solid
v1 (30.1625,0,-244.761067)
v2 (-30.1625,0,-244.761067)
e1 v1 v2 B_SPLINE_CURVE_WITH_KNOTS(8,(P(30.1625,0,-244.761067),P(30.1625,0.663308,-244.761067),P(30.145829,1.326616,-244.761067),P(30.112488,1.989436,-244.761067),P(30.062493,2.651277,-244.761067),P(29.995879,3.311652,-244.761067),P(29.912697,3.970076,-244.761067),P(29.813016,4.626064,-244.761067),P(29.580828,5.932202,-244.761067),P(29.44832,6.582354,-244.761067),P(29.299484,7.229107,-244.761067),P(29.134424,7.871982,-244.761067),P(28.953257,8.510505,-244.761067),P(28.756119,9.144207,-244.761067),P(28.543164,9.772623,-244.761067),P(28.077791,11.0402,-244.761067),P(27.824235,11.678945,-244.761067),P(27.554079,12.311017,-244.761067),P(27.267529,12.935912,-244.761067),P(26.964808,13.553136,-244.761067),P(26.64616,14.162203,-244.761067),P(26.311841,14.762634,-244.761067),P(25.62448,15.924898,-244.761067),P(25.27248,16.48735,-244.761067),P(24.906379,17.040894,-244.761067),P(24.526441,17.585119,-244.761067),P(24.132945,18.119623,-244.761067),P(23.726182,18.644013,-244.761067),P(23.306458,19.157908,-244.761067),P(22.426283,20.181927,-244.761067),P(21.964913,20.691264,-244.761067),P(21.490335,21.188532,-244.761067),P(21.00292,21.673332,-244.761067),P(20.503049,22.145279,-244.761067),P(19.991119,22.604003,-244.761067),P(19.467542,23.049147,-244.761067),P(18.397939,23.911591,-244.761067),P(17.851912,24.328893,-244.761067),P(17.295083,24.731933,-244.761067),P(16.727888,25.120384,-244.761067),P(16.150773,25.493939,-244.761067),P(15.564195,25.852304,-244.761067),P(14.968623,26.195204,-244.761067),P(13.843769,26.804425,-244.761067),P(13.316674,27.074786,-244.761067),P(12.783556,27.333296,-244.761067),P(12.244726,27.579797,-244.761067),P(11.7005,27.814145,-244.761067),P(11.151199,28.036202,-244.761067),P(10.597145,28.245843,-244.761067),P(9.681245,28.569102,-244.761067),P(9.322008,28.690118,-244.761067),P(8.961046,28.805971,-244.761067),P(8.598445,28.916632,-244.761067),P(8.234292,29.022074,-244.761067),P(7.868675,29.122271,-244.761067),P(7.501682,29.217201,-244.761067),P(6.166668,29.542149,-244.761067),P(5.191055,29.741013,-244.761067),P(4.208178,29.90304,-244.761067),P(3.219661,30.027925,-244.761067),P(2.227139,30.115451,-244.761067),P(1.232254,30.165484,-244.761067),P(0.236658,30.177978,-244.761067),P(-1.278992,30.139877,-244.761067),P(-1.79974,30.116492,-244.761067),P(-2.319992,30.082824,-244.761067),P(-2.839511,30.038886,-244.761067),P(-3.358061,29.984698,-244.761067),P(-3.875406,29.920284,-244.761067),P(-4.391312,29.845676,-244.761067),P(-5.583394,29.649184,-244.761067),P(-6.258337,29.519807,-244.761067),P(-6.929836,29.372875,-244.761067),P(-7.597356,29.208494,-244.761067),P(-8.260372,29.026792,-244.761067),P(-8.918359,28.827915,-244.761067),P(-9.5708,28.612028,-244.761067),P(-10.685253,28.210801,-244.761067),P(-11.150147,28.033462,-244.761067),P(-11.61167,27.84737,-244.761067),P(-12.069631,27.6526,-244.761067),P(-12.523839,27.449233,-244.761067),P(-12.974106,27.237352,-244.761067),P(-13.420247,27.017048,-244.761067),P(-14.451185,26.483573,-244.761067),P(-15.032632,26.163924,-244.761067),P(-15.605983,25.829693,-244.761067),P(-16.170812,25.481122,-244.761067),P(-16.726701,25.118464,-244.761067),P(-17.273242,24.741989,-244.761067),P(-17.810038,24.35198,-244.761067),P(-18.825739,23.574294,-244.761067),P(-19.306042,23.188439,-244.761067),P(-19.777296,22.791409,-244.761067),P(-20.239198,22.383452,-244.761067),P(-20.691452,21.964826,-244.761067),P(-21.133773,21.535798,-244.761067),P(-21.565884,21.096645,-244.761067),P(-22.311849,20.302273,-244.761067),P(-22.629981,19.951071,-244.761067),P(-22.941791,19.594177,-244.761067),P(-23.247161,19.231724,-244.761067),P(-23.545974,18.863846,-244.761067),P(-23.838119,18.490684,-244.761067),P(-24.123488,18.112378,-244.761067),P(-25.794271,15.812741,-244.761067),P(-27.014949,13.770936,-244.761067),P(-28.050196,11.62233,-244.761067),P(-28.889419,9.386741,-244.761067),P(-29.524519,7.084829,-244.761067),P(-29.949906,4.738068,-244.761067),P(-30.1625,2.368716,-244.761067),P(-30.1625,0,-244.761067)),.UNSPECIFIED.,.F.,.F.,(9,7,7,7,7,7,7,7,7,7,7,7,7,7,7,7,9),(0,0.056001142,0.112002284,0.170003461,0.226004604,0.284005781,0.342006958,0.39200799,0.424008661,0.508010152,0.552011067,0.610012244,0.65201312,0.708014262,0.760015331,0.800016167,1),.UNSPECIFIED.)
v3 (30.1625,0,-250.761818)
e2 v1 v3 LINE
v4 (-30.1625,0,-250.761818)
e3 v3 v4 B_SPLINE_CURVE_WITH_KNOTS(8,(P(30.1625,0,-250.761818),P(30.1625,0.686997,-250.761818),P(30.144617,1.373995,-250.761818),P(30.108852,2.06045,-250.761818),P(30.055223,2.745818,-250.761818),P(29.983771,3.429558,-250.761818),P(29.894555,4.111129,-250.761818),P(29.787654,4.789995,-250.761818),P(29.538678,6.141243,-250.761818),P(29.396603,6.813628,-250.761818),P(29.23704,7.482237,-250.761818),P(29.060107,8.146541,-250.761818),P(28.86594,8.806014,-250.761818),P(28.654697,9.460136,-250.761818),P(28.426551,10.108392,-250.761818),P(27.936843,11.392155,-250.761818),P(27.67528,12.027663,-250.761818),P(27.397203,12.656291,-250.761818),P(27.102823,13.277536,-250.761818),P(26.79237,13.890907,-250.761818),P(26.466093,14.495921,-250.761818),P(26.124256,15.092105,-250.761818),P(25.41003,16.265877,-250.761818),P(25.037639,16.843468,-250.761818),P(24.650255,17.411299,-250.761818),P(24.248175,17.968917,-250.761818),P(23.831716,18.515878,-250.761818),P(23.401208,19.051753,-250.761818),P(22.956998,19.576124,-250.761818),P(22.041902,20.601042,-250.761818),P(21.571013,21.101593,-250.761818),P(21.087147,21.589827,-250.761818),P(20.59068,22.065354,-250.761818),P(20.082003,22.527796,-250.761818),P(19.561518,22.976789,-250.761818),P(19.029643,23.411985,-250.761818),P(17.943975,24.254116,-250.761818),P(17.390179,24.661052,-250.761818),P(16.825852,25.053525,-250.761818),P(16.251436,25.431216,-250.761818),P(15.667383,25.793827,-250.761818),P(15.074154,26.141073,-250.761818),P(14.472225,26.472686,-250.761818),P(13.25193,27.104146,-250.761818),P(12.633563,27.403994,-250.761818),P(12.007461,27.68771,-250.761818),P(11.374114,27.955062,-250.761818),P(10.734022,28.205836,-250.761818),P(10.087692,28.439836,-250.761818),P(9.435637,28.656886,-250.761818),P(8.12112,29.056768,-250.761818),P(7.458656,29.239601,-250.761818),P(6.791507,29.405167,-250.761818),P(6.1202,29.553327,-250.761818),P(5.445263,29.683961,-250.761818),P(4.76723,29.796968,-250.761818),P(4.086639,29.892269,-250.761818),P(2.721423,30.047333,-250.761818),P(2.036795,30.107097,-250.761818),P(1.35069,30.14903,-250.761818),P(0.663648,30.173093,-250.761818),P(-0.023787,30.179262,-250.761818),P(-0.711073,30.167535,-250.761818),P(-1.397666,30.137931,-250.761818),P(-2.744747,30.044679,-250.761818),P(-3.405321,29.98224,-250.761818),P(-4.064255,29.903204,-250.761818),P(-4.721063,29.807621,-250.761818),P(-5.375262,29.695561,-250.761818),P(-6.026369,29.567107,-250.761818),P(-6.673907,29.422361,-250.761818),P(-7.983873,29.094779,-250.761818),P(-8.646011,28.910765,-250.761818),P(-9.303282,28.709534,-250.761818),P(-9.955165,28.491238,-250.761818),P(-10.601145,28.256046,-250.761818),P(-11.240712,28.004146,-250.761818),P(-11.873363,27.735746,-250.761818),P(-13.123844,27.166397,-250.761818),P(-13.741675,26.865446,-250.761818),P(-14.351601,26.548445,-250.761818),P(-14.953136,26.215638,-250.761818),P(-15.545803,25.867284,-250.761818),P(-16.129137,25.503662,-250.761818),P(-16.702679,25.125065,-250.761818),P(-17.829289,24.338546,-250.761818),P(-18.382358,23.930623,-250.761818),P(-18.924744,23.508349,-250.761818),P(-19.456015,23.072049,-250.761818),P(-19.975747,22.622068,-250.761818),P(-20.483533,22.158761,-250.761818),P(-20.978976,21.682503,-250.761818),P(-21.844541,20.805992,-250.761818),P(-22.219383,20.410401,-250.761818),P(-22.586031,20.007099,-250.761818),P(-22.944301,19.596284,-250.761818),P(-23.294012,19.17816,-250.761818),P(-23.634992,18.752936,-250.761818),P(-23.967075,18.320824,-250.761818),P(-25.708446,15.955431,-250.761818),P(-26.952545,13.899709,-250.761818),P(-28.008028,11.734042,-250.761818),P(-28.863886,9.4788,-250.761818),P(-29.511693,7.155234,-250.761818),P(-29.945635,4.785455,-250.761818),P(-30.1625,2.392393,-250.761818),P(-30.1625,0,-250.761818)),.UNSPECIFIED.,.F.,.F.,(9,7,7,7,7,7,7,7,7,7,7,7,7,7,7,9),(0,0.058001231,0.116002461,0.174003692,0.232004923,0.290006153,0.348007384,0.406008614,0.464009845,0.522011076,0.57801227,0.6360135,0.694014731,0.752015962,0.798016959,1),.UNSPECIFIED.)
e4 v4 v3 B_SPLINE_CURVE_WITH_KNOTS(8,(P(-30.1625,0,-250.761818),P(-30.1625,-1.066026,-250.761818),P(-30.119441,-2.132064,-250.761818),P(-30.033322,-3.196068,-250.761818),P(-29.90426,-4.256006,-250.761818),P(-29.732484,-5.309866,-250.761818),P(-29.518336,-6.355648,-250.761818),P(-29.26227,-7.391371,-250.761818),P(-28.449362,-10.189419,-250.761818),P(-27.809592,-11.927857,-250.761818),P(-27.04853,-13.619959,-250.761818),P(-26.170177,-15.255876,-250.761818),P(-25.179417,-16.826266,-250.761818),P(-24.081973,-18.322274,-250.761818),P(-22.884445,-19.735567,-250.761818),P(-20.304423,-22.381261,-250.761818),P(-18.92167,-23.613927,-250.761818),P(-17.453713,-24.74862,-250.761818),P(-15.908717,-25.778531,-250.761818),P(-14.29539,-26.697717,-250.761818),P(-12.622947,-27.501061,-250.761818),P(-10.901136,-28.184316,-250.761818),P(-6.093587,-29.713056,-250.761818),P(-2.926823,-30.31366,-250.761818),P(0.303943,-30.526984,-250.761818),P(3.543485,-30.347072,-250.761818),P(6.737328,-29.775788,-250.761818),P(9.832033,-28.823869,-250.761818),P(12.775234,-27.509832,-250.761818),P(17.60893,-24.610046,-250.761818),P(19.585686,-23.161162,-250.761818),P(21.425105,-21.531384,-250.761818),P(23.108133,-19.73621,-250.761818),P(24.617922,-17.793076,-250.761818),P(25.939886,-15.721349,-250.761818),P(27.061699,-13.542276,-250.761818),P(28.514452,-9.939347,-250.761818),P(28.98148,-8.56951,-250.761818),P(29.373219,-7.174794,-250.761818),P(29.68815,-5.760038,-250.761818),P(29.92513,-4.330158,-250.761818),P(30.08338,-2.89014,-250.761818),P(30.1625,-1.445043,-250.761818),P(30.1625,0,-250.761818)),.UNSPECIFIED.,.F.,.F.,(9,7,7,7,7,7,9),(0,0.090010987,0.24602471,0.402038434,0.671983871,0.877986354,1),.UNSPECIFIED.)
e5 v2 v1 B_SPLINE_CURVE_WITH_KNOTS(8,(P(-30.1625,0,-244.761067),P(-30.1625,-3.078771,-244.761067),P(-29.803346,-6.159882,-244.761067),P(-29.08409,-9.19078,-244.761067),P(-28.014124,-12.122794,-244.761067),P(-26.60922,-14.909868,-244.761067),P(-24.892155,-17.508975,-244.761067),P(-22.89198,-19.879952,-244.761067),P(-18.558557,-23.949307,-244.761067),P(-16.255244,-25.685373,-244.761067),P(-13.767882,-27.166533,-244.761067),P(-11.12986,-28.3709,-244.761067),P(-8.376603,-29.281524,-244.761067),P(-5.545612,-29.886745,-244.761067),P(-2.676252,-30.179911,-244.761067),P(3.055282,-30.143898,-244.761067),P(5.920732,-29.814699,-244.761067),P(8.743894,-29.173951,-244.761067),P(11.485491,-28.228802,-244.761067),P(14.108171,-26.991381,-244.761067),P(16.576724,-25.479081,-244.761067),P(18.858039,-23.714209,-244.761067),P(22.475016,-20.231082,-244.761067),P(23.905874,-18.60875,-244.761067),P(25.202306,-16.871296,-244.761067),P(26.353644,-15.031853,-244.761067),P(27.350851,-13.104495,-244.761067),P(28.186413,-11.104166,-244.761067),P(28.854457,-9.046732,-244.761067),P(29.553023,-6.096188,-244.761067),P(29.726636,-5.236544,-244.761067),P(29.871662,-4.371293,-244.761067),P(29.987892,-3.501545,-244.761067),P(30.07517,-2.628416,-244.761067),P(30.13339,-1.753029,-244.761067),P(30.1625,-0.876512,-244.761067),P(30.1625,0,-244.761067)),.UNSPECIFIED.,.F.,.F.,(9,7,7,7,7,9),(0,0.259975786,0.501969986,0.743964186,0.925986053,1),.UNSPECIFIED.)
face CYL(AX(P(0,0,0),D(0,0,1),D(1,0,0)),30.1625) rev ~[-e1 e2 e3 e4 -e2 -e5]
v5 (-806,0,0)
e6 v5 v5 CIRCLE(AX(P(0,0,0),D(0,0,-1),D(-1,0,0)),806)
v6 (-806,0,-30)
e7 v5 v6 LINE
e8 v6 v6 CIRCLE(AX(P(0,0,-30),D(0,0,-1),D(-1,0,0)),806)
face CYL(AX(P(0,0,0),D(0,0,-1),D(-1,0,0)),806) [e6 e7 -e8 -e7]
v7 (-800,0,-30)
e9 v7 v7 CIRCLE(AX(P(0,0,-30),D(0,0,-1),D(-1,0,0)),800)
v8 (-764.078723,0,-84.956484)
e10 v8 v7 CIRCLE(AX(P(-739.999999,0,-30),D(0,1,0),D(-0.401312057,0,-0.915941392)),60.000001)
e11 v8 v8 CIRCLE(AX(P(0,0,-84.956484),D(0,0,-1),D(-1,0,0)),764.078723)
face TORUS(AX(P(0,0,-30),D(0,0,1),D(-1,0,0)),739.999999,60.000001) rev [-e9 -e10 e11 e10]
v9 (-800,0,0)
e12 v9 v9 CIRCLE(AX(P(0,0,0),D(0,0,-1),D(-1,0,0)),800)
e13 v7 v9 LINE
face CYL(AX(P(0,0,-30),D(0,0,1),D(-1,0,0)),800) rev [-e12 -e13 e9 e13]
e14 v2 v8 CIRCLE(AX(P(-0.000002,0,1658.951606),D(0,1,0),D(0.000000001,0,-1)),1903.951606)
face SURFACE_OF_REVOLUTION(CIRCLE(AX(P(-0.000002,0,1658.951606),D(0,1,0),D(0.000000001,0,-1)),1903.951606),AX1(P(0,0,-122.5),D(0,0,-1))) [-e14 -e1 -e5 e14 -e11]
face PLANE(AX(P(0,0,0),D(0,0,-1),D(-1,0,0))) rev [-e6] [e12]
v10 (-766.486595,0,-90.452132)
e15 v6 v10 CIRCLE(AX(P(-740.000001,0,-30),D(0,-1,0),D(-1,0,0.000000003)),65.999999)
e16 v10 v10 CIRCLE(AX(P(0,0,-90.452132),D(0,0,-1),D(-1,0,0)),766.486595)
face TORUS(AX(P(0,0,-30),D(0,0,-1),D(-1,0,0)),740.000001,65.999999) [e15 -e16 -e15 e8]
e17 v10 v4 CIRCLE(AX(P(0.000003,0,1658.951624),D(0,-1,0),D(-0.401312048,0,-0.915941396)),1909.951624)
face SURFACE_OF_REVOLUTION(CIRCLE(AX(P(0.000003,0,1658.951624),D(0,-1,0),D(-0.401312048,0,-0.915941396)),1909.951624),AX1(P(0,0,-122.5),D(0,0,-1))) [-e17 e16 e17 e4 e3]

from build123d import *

# Parameters (mm, degrees)
F2_R     = 30.1625
F3_DEPTH = 251.001


with BuildPart() as f1:
    # F0 (on Front) → F1 (revolve)
    with BuildSketch(Plane.XZ):
        with BuildLine():
            Line((-800, -30), (-800, 0))
            Line((-800, 0), (-806, 0))
            Line((-806, 0), (-806, -30))
            ThreePointArc((-806, -30), (-795.245431, -66.110142), (-766.486595, -90.452132))
            ThreePointArc((-766.486595, -90.452132), (-391.560123, -210.432198), (0, -251))
            Line((0, -251), (0, -245))
            ThreePointArc((0, -245), (-390.33006, -204.55964), (-764.078723, -84.956484))
            ThreePointArc((-764.078723, -84.956484), (-790.223119, -62.827402), (-800, -30))
        make_face()
    revolve(axis=Axis((0, 0, -122.5), (0, 0, -1)))

    # F2 (on Top) → F3 (cut, through all)
    with BuildSketch(Plane.XY):
        Circle(F2_R)
    extrude(amount=-F3_DEPTH, mode=Mode.SUBTRACT)


solid = f1.part
